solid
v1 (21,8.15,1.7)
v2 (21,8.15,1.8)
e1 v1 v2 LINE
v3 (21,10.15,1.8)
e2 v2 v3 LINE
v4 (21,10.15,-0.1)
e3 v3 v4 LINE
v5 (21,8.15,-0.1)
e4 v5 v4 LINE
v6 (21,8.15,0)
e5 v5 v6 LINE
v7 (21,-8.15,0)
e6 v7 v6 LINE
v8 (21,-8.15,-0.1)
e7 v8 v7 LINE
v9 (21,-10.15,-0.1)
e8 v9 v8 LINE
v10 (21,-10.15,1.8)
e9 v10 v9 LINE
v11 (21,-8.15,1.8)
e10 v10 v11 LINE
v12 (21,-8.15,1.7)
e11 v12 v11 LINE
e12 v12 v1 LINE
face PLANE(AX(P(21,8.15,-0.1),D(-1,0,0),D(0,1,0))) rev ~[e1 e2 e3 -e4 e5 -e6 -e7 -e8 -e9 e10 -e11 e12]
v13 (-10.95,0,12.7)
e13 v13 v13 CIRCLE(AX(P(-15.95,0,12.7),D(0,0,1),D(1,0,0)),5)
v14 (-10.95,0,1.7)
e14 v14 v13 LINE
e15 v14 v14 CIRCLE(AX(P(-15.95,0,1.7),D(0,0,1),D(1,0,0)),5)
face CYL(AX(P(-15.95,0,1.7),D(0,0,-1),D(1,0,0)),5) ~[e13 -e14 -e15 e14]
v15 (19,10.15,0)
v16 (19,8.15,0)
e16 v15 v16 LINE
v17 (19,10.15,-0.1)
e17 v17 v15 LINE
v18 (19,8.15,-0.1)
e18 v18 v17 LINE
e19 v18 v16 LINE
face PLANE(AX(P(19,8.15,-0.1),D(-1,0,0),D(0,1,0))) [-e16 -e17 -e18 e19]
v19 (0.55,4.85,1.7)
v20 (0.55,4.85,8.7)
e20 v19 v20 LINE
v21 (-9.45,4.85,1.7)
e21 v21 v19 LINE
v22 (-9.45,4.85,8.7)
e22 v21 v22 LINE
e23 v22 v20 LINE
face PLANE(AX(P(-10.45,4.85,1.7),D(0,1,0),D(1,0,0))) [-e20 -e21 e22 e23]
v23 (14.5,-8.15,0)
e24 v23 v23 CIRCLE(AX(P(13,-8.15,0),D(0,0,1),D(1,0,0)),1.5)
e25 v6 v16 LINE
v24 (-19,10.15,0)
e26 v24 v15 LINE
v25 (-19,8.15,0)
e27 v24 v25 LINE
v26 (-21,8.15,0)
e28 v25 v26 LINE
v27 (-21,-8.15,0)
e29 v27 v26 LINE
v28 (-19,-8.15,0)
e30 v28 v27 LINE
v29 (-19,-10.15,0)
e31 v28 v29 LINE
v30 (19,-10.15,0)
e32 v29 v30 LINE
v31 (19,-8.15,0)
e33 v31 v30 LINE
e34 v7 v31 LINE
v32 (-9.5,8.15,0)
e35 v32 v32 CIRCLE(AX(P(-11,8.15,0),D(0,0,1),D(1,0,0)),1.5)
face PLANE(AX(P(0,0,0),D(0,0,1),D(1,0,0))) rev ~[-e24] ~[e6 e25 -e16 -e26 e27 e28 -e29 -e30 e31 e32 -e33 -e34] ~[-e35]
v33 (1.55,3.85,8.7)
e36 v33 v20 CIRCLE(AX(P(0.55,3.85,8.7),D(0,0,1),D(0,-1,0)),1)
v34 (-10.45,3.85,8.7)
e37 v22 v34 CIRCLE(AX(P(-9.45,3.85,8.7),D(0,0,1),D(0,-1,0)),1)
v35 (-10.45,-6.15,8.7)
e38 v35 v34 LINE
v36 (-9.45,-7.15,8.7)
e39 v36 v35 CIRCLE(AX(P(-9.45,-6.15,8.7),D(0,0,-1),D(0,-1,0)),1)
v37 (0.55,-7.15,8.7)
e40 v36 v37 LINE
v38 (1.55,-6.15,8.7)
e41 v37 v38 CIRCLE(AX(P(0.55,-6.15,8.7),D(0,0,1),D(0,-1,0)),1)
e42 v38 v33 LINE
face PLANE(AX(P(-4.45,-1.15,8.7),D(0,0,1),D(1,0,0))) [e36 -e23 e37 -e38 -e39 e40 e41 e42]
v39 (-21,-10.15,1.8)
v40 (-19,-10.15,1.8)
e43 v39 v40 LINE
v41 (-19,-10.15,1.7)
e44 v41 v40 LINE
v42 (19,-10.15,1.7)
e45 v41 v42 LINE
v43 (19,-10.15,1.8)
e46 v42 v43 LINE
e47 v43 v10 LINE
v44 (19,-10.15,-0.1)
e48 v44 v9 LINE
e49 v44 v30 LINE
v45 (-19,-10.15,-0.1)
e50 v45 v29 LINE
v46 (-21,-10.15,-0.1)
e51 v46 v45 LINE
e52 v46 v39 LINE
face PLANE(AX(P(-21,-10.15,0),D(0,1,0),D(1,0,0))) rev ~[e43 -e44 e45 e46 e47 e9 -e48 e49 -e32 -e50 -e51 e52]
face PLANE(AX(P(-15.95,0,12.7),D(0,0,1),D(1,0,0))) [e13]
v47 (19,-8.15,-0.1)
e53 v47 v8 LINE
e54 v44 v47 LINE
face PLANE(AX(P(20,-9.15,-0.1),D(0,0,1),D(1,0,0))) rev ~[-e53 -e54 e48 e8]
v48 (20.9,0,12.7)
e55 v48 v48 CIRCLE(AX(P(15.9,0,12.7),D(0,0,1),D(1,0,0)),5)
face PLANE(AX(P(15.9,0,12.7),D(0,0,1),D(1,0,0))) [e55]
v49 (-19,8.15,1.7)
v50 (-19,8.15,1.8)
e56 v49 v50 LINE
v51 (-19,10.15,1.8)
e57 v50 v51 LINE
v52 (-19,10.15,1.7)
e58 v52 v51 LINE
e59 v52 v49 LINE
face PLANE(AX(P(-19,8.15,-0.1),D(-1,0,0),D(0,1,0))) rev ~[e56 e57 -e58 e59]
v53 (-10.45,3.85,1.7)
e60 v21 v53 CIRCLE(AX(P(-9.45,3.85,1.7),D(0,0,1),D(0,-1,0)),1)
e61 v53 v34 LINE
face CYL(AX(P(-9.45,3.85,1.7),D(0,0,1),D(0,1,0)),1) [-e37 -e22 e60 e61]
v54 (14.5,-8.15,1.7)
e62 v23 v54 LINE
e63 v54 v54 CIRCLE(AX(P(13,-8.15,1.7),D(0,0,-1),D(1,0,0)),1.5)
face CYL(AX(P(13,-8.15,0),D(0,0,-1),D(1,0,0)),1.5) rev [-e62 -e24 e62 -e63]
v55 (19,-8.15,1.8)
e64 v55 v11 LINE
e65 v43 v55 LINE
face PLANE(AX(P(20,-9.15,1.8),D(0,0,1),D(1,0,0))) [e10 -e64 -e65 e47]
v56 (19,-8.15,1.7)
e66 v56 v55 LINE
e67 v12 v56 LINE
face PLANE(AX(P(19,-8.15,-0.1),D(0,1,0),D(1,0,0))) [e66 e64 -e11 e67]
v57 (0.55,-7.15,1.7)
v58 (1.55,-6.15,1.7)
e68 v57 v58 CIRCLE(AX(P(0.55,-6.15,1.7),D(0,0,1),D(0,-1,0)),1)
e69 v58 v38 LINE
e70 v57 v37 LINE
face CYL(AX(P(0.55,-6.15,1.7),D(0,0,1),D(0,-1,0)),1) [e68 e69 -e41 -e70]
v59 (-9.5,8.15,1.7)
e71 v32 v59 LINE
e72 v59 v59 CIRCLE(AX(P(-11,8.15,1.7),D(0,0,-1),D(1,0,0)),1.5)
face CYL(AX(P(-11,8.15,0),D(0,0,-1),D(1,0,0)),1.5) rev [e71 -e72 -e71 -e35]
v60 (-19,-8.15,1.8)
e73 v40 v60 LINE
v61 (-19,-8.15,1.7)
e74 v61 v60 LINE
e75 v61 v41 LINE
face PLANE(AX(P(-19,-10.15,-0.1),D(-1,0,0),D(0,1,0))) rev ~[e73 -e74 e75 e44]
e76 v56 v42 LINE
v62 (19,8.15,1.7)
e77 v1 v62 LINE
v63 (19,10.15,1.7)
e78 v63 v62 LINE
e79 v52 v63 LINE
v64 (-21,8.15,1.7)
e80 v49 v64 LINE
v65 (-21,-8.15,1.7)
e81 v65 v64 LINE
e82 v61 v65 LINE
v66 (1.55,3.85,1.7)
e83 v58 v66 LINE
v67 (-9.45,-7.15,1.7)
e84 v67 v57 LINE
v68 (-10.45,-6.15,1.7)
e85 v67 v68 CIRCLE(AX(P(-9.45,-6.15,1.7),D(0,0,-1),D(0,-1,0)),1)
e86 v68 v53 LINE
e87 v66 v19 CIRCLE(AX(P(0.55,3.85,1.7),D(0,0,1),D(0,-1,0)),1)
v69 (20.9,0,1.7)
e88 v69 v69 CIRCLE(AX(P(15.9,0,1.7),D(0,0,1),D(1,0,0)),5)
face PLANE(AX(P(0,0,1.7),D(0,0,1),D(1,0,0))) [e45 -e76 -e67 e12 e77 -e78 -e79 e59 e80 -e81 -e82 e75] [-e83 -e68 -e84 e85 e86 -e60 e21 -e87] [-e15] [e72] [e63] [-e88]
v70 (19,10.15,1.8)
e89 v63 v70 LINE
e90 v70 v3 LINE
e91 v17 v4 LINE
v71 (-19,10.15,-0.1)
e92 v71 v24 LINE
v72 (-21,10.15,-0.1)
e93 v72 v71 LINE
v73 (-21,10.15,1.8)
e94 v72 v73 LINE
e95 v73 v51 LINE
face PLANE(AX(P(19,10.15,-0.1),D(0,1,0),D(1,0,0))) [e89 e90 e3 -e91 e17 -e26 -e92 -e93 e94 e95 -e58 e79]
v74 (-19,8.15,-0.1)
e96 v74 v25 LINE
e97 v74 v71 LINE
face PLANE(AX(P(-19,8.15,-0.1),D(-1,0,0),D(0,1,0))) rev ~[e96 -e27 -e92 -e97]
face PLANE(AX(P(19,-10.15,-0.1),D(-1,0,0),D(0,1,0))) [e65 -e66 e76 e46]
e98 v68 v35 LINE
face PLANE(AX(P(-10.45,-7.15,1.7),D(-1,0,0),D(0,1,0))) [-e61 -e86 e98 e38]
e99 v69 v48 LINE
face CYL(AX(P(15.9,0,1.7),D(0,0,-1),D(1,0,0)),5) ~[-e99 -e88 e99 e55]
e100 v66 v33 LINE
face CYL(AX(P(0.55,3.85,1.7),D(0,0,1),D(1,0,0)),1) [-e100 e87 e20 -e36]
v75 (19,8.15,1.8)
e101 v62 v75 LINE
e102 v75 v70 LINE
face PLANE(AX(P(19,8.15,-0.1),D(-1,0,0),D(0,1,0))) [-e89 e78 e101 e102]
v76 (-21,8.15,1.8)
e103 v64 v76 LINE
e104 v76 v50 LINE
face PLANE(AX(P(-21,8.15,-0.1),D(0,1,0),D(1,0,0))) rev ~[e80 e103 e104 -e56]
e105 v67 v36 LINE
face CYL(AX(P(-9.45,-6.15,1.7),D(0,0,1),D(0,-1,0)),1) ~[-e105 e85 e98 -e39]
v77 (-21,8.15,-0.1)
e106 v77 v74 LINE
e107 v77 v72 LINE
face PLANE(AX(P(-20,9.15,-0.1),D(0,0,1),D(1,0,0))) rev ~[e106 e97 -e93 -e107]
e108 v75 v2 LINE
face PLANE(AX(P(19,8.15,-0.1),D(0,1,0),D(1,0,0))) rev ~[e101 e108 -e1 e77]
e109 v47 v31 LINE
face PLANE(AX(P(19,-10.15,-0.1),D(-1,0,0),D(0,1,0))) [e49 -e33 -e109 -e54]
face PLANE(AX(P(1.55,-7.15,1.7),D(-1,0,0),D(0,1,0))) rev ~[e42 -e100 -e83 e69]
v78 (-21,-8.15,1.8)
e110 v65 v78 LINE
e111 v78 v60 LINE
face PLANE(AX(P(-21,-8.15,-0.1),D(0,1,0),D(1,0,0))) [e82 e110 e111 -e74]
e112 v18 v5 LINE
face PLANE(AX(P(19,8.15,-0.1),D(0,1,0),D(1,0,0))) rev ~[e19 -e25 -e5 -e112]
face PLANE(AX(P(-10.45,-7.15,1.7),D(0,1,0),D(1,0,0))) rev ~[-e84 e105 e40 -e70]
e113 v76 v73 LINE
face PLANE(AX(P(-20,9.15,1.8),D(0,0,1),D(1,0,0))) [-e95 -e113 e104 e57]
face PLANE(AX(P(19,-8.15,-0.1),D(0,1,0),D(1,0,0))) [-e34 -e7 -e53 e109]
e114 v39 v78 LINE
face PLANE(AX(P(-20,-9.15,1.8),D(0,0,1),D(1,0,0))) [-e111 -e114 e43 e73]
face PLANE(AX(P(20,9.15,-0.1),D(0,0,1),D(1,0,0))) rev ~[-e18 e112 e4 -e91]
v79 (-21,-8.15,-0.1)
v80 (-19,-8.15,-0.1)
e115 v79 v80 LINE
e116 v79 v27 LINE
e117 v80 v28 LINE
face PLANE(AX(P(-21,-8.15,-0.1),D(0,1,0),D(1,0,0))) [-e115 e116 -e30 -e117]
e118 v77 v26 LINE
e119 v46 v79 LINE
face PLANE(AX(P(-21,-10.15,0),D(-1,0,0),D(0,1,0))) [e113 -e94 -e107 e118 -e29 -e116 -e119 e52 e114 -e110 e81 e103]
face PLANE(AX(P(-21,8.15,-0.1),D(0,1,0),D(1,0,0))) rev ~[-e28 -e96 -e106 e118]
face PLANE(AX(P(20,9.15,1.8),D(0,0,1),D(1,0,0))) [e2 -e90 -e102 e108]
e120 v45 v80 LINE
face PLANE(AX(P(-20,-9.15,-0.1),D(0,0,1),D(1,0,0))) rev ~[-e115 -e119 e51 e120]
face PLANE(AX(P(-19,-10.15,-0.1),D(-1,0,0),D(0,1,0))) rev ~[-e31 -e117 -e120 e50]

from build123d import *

# Parameters (mm, degrees)
SKETCH1_W           = 42
SKETCH1_H           = 20.3
BOSS_EXTRUDE1_DEPTH = 1.7
BOSS_EXTRUDE2_START = 1.7
SKETCH1_3_R         = 5
BOSS_EXTRUDE2_DEPTH = 11
BOSS_EXTRUDE3_START = 1.7
SKETCH1_4_W         = 12
SKETCH1_4_H         = 12
BOSS_EXTRUDE3_DEPTH = 7
FILLET1_R           = 1
SKETCH1_5_R         = 1.5
CUT_EXTRUDE1_DEPTH  = 27.557720158
BOSS_EXTRUDE4_START = -0.1
SKETCH1_6_W         = 2
SKETCH1_6_H         = 2
BOSS_EXTRUDE4_DEPTH = 1.9


with BuildPart() as part:
    # Sketch1 → Boss-Extrude1 (new body)
    with BuildSketch(Plane.XY):
        Rectangle(SKETCH1_W, SKETCH1_H)
    extrude(amount=BOSS_EXTRUDE1_DEPTH)

    # Sketch1<3> → Boss-Extrude2 (add)
    with BuildSketch(Plane.XY.offset(BOSS_EXTRUDE2_START)):
        with Locations((-15.95, 0)):
            Circle(SKETCH1_3_R)
        with Locations((15.9, 0)):
            Circle(SKETCH1_3_R)
    extrude(amount=BOSS_EXTRUDE2_DEPTH)

    # Sketch1<4> → Boss-Extrude3 (add)
    with BuildSketch(Plane.XY.offset(BOSS_EXTRUDE3_START)):
        with Locations((-4.45, -1.15)):
            Rectangle(SKETCH1_4_W, SKETCH1_4_H)
    extrude(amount=BOSS_EXTRUDE3_DEPTH)

    # Fillet1
    fillet1_edges = [part.edges().sort_by_distance(p)[0] for p in [
        (-10.45, 4.85, 5.2),
        (-10.45, -7.15, 5.2),
        (1.55, -7.15, 5.2),
        (1.55, 4.85, 5.2),
    ]]
    fillet(fillet1_edges, radius=FILLET1_R)

    # Sketch1<5> → Cut-Extrude1 (cut, through all)
    with BuildSketch(Plane.XY):
        with Locations((-11, 8.15)):
            Circle(SKETCH1_5_R)
        with Locations((13, -8.15)):
            Circle(SKETCH1_5_R)
    extrude(amount=CUT_EXTRUDE1_DEPTH, mode=Mode.SUBTRACT)

    # Sketch1<6> → Boss-Extrude4 (add)
    with BuildSketch(Plane.XY.offset(BOSS_EXTRUDE4_START)):
        with Locations((20, 9.15)):
            Rectangle(SKETCH1_6_W, SKETCH1_6_H)
        with Locations((-20, 9.15)):
            Rectangle(SKETCH1_6_W, SKETCH1_6_H)
        with Locations((20, -9.15)):
            Rectangle(SKETCH1_6_W, SKETCH1_6_H)
        with Locations((-20, -9.15)):
            Rectangle(SKETCH1_6_W, SKETCH1_6_H)
    extrude(amount=BOSS_EXTRUDE4_DEPTH)


solid = part.part
